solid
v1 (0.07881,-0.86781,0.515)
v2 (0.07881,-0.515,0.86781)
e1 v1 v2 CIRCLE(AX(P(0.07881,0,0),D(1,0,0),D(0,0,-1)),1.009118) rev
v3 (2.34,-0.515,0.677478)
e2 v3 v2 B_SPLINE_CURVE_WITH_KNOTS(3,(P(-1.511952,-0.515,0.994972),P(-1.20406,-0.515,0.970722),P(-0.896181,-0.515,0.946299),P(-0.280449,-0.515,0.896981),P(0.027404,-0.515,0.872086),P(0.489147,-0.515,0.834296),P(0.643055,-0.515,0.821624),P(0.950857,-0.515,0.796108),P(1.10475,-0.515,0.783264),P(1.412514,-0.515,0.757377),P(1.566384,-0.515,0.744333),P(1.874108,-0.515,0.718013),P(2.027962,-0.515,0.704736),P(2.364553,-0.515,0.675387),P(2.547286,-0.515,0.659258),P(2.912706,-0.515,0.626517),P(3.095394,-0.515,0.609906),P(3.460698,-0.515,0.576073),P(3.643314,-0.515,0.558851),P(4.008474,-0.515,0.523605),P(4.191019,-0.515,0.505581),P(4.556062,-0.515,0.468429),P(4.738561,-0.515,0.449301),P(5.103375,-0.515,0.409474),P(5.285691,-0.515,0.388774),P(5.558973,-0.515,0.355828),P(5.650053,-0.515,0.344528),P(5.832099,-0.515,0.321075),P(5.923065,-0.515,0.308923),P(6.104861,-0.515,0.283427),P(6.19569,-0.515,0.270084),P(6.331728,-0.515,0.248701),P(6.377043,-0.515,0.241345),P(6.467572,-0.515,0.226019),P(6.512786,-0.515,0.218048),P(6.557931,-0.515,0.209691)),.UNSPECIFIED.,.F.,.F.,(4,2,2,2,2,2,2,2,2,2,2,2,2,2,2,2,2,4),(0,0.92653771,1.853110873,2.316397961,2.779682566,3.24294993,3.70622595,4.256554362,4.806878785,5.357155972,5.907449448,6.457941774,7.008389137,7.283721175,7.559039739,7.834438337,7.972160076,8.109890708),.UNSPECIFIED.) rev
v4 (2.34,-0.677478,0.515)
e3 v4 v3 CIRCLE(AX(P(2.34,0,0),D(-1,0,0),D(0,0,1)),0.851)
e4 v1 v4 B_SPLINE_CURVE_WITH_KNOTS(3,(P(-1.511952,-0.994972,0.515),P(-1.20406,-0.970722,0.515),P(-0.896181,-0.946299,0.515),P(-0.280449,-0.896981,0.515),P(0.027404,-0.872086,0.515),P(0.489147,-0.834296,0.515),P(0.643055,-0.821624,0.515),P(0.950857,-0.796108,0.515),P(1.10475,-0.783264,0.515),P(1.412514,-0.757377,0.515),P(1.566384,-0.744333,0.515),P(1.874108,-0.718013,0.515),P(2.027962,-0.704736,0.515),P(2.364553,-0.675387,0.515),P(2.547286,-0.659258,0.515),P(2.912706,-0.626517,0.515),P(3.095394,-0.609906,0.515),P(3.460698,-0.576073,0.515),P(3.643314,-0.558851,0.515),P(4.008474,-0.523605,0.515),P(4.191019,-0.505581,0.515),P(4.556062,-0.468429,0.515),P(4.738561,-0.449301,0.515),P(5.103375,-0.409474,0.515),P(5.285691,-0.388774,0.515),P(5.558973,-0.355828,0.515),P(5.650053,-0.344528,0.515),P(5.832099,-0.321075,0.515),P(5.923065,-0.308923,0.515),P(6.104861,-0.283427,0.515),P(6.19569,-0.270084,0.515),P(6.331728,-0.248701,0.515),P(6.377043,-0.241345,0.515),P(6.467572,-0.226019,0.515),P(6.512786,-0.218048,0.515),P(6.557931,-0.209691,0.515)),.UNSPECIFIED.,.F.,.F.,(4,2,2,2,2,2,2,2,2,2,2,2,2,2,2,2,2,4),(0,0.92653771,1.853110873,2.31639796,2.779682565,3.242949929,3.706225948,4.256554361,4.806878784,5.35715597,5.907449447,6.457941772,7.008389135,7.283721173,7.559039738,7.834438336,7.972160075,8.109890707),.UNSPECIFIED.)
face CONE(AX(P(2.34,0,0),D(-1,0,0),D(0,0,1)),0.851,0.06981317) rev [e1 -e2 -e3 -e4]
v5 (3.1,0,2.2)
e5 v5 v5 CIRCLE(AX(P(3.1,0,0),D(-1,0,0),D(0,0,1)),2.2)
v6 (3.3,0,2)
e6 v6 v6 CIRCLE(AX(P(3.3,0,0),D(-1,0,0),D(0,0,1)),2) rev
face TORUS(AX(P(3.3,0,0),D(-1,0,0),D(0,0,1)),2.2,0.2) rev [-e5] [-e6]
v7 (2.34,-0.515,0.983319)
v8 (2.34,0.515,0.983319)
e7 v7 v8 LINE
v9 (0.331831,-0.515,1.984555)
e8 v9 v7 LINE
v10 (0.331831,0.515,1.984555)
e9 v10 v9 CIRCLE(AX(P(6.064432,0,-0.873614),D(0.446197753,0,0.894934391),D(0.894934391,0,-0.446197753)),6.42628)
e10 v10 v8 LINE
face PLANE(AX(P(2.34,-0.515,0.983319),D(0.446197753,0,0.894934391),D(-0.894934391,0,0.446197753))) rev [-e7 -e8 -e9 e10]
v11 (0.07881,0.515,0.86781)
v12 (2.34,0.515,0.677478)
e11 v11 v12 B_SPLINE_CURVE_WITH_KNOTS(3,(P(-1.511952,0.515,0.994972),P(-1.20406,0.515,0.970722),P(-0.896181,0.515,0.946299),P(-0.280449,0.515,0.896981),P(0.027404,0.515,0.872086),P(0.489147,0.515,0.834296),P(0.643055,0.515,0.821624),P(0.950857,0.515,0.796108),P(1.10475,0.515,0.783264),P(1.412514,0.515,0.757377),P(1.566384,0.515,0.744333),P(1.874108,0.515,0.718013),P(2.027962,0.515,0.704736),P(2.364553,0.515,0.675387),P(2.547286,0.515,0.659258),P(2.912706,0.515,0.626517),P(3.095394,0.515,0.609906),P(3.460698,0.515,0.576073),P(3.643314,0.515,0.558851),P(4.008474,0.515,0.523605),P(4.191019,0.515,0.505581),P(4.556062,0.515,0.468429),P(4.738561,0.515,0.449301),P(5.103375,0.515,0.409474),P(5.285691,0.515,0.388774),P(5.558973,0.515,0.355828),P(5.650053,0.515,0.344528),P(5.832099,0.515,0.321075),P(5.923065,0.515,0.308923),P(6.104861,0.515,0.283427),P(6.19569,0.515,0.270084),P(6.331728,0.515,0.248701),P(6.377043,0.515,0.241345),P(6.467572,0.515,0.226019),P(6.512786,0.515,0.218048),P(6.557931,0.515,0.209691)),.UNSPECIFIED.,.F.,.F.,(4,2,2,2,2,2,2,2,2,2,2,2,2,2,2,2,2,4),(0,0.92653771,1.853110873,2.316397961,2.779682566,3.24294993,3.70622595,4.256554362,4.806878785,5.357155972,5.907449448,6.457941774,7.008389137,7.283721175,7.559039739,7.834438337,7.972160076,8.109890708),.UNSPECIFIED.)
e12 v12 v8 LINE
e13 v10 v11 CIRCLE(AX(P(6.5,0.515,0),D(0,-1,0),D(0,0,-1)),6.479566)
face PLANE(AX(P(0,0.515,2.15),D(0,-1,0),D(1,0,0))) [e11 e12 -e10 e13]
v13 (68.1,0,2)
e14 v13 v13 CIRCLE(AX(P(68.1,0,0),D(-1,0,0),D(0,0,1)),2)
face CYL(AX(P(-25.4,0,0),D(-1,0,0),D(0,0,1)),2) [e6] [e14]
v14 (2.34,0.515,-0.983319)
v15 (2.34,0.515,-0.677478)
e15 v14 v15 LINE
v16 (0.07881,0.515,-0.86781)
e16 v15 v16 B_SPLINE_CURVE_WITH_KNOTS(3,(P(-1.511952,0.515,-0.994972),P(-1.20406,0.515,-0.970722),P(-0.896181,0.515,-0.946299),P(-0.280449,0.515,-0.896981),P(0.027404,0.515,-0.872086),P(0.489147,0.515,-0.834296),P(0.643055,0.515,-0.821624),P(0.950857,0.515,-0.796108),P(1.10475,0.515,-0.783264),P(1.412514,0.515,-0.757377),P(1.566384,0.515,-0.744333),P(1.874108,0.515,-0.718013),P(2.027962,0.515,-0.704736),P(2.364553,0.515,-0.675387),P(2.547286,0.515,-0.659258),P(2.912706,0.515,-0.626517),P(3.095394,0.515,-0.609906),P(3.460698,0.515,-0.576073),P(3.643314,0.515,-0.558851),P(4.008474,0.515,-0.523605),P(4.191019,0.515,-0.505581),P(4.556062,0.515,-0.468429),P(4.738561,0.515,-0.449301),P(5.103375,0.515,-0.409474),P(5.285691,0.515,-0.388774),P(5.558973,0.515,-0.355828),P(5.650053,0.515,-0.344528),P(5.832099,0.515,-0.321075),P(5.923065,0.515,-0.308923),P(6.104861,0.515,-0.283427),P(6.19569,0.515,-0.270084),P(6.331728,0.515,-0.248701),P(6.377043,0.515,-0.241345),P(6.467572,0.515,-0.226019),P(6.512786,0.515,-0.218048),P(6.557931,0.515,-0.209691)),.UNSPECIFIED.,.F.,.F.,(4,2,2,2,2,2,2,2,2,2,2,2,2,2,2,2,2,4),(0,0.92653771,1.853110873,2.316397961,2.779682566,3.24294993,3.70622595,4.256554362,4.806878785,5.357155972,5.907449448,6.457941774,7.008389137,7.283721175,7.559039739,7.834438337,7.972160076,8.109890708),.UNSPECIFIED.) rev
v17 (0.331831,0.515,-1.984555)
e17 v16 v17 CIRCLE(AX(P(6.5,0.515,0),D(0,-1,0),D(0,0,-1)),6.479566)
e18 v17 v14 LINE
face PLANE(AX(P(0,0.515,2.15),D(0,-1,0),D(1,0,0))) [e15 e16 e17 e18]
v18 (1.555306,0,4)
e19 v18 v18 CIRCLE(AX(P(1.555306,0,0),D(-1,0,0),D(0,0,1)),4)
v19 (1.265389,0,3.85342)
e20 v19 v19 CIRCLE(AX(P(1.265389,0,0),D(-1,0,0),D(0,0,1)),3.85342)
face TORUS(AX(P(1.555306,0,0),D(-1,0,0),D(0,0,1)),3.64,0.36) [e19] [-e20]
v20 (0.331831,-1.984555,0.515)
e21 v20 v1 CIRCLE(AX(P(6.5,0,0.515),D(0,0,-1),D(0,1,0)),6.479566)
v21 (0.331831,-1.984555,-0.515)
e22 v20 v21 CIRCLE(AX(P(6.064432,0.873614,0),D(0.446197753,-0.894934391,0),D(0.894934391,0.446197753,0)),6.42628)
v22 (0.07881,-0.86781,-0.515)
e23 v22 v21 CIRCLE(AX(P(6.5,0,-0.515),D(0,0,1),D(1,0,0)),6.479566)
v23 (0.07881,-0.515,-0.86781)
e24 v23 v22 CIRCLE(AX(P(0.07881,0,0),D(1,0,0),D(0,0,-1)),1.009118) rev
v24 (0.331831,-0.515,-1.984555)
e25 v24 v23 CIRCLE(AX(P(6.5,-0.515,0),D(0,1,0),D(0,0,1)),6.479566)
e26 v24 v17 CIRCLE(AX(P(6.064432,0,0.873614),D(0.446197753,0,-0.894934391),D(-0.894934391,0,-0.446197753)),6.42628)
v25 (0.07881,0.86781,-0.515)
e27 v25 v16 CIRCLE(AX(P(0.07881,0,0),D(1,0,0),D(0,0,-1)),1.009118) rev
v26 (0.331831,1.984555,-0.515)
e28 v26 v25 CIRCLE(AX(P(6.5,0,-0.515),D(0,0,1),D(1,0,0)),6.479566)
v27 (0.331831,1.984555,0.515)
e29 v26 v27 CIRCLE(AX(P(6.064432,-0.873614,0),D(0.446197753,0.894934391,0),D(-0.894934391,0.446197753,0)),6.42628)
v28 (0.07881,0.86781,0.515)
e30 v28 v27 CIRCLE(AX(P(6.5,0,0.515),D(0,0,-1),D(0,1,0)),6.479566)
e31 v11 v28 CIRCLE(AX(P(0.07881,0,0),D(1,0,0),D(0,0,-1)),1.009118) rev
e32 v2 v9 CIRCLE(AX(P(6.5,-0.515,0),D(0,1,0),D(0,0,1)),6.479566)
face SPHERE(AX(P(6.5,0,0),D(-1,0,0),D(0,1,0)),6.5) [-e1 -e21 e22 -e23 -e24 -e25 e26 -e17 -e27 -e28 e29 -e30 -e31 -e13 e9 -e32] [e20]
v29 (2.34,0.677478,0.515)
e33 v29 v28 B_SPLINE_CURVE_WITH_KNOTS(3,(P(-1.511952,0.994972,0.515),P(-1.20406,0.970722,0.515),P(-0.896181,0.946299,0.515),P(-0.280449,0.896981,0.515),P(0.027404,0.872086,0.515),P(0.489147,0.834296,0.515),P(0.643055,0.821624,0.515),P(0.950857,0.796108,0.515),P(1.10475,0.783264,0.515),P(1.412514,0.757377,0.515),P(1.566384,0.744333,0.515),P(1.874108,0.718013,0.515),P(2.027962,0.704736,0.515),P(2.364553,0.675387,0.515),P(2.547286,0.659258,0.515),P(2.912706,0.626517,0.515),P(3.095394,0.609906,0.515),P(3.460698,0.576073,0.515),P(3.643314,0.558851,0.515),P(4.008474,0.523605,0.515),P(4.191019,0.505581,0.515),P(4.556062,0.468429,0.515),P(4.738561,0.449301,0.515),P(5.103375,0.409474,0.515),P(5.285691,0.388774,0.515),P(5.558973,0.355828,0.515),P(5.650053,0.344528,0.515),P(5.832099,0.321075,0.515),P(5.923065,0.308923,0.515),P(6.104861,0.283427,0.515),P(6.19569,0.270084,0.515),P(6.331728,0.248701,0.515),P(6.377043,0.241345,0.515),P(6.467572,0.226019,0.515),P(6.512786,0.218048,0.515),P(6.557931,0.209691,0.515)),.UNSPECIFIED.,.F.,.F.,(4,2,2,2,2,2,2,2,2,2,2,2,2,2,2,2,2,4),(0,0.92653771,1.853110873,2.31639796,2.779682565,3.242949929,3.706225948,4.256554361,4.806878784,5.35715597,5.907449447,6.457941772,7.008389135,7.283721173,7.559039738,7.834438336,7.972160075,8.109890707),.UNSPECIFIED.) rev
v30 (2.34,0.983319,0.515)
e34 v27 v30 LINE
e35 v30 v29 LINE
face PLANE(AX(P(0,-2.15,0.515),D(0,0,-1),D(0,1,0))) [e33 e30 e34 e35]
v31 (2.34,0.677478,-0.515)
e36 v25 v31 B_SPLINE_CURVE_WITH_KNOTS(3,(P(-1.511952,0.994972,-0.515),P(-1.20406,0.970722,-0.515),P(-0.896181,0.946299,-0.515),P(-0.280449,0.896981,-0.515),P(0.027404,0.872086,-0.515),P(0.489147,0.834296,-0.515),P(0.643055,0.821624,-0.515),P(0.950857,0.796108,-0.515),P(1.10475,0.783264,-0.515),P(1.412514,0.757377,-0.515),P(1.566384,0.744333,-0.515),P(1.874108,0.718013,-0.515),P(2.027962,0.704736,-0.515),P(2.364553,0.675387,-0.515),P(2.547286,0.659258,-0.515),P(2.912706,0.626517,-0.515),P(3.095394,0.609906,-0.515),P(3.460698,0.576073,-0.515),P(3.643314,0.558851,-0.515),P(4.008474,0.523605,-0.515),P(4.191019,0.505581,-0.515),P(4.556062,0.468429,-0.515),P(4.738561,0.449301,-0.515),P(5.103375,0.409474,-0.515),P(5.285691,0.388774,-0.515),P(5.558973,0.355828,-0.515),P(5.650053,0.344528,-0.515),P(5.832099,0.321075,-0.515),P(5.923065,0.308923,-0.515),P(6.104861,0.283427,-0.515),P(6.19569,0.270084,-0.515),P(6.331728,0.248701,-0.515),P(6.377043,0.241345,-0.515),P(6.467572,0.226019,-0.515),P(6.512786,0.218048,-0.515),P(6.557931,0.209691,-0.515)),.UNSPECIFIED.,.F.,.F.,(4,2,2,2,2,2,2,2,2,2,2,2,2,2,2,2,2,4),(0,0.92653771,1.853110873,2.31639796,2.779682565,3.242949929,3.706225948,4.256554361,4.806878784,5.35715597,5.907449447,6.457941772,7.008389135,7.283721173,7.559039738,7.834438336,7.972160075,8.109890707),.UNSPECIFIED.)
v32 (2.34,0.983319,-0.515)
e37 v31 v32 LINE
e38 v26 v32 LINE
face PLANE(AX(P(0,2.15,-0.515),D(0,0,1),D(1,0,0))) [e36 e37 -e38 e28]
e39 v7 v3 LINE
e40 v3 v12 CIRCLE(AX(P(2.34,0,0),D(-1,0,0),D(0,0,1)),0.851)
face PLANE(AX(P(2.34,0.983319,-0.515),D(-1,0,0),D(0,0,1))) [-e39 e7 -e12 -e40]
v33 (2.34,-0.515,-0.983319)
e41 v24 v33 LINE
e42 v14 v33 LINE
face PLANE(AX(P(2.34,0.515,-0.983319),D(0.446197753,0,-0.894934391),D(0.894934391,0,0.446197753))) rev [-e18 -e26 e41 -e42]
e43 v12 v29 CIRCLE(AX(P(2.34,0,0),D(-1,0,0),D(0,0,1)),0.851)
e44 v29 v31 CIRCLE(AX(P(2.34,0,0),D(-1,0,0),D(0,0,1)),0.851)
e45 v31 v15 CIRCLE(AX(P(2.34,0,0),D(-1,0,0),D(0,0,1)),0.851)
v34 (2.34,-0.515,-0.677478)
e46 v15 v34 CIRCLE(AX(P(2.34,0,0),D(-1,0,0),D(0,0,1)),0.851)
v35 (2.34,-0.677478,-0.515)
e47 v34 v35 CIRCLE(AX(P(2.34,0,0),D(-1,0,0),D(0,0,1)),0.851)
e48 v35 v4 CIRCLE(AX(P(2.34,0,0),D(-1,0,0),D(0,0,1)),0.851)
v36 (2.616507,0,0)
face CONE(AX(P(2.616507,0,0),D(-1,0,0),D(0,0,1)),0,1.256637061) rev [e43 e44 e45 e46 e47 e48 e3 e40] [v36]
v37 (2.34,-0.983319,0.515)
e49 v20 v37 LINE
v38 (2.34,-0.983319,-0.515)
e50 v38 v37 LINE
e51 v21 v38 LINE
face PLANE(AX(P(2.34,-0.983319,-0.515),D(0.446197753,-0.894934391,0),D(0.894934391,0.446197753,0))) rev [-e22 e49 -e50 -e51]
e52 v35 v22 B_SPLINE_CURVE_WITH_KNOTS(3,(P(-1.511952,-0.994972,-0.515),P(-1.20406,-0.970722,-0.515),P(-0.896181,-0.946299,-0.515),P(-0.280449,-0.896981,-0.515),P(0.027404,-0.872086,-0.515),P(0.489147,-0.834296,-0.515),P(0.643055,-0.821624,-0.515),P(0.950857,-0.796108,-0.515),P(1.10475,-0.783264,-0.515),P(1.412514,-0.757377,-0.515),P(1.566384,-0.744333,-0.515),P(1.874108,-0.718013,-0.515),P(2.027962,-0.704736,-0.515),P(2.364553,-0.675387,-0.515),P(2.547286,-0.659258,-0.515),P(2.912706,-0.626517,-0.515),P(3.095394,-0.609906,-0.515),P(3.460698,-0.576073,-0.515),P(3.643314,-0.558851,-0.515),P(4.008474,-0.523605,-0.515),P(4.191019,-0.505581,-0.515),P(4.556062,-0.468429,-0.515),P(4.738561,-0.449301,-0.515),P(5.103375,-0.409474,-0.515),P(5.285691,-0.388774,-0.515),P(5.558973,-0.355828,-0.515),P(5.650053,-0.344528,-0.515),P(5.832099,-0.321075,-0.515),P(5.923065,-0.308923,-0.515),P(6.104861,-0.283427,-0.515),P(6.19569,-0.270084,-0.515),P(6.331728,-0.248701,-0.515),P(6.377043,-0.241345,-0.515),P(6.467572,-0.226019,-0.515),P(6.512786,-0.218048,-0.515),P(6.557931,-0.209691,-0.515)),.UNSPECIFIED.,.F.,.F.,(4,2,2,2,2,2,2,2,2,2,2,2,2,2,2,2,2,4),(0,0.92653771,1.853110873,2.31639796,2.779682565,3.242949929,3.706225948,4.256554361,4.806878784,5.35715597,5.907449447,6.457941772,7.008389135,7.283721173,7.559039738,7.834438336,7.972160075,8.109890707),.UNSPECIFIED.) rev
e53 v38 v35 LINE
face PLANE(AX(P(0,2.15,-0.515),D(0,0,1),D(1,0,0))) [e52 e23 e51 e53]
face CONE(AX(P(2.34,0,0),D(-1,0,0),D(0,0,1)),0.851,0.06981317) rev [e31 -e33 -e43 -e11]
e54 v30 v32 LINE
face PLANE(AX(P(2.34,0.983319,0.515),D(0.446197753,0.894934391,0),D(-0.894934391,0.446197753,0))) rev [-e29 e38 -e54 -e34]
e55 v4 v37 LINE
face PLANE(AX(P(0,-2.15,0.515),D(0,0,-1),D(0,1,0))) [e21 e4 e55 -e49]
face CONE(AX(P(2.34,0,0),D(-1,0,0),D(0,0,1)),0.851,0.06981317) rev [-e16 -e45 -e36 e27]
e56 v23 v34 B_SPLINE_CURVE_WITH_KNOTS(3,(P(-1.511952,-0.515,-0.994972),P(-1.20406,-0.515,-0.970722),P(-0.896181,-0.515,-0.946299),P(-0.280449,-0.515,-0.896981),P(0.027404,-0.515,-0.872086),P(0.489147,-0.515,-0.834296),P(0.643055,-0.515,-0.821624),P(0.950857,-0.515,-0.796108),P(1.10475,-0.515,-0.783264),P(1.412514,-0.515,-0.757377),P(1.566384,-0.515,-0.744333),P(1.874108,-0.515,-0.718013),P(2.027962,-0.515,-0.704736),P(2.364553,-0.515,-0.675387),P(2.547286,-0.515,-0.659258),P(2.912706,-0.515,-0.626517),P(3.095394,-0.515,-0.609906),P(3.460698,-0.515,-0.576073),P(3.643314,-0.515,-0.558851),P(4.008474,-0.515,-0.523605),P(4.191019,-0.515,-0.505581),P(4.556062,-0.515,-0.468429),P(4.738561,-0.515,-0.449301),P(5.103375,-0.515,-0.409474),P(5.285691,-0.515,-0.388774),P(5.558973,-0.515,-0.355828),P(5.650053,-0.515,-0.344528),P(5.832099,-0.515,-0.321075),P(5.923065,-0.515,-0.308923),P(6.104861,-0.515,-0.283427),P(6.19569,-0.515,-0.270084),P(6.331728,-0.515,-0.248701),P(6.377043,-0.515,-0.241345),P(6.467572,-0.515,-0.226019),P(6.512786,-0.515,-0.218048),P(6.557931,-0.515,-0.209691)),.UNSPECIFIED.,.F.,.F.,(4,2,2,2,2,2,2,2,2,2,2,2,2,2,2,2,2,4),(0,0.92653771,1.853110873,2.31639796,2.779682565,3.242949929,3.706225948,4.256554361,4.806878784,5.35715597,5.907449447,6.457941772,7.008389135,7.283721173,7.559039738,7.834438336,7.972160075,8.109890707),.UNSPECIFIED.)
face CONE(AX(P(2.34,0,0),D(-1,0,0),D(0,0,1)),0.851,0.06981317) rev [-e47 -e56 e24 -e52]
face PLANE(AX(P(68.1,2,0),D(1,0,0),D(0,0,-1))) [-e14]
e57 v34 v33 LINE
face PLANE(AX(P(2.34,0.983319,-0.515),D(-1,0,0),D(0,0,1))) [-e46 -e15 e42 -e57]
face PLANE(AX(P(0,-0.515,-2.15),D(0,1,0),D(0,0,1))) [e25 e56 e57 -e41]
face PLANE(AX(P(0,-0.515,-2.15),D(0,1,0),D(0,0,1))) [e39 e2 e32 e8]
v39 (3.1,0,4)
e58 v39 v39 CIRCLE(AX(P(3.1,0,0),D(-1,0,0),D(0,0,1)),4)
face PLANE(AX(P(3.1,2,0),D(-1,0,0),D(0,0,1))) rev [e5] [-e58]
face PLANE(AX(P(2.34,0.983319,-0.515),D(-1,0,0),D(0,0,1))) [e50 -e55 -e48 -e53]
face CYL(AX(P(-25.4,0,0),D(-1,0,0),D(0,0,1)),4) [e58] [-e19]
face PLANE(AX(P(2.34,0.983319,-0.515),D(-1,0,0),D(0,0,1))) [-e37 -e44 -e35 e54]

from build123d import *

# Parameters (mm, degrees)
FILLET1_R    = 0.2
SKETCH3_W    = 1.03
SKETCH3_H    = 4.3
SKETCH4_W    = 1.03
SKETCH4_H    = 1.966638464
RECPAT_COUNT = 2
RECPAT_ANGLE = 90


with BuildPart() as part:
    # BodySke → Base-Revolve (revolve)
    with BuildSketch(Plane.XY):
        with BuildLine():
            Line((3.1, 2), (3.1, 4))
            Line((3.1, 4), (1.555305874, 4))
            ThreePointArc((1.555305874, 4), (1.392873227, 3.961271902), (1.265388955, 3.853420195))
            ThreePointArc((1.265388955, 3.853420195), (0.324444487, 2.027933456), (0, 0))
            Line((0, 0), (68.1, 0))
            Line((68.1, 0), (68.1, 2))
            Line((68.1, 2), (3.1, 2))
        make_face()
    revolve(axis=Axis((-25.4, 0, 0), (1, 0, 0)))

    # Fillet1
    fillet1_edges = [part.edges().sort_by_distance(p)[0] for p in [
        (3.1, -2, 0),
    ]]
    fillet(fillet1_edges, radius=FILLET1_R)

    # Sketch3 → Recess section 0
    with BuildSketch(Plane(origin=(0, 0, 0), x_dir=(0, 0, -1), z_dir=(1, 0, 0))):
        Rectangle(SKETCH3_W, SKETCH3_H)
    # Sketch4 → Recess section 1
    with BuildSketch(Plane(origin=(2.34, 0, 0), x_dir=(0, 0, -1), z_dir=(1, 0, 0))):
        Rectangle(SKETCH4_W, SKETCH4_H)
    recess = loft(mode=Mode.SUBTRACT)

    # RecPat: Recess ×2 about axis
    recpat_axis = Axis((0, 0, 0), (1, 0, 0))
    for i in range(1, RECPAT_COUNT):
        add(recess.rotate(recpat_axis, i * RECPAT_ANGLE / (RECPAT_COUNT - 1)), mode=Mode.SUBTRACT)

    # RecCorSke → RecessCore (revolve, cut)
    with BuildSketch(Plane.XY):
        Polygon((0, 0), (0, 1.01462874), (2.34, 0.851), (2.616506661, 0), align=None)
    revolve(axis=Axis((-3.175, 0, 0), (1, 0, 0)), mode=Mode.SUBTRACT)


solid = part.part
